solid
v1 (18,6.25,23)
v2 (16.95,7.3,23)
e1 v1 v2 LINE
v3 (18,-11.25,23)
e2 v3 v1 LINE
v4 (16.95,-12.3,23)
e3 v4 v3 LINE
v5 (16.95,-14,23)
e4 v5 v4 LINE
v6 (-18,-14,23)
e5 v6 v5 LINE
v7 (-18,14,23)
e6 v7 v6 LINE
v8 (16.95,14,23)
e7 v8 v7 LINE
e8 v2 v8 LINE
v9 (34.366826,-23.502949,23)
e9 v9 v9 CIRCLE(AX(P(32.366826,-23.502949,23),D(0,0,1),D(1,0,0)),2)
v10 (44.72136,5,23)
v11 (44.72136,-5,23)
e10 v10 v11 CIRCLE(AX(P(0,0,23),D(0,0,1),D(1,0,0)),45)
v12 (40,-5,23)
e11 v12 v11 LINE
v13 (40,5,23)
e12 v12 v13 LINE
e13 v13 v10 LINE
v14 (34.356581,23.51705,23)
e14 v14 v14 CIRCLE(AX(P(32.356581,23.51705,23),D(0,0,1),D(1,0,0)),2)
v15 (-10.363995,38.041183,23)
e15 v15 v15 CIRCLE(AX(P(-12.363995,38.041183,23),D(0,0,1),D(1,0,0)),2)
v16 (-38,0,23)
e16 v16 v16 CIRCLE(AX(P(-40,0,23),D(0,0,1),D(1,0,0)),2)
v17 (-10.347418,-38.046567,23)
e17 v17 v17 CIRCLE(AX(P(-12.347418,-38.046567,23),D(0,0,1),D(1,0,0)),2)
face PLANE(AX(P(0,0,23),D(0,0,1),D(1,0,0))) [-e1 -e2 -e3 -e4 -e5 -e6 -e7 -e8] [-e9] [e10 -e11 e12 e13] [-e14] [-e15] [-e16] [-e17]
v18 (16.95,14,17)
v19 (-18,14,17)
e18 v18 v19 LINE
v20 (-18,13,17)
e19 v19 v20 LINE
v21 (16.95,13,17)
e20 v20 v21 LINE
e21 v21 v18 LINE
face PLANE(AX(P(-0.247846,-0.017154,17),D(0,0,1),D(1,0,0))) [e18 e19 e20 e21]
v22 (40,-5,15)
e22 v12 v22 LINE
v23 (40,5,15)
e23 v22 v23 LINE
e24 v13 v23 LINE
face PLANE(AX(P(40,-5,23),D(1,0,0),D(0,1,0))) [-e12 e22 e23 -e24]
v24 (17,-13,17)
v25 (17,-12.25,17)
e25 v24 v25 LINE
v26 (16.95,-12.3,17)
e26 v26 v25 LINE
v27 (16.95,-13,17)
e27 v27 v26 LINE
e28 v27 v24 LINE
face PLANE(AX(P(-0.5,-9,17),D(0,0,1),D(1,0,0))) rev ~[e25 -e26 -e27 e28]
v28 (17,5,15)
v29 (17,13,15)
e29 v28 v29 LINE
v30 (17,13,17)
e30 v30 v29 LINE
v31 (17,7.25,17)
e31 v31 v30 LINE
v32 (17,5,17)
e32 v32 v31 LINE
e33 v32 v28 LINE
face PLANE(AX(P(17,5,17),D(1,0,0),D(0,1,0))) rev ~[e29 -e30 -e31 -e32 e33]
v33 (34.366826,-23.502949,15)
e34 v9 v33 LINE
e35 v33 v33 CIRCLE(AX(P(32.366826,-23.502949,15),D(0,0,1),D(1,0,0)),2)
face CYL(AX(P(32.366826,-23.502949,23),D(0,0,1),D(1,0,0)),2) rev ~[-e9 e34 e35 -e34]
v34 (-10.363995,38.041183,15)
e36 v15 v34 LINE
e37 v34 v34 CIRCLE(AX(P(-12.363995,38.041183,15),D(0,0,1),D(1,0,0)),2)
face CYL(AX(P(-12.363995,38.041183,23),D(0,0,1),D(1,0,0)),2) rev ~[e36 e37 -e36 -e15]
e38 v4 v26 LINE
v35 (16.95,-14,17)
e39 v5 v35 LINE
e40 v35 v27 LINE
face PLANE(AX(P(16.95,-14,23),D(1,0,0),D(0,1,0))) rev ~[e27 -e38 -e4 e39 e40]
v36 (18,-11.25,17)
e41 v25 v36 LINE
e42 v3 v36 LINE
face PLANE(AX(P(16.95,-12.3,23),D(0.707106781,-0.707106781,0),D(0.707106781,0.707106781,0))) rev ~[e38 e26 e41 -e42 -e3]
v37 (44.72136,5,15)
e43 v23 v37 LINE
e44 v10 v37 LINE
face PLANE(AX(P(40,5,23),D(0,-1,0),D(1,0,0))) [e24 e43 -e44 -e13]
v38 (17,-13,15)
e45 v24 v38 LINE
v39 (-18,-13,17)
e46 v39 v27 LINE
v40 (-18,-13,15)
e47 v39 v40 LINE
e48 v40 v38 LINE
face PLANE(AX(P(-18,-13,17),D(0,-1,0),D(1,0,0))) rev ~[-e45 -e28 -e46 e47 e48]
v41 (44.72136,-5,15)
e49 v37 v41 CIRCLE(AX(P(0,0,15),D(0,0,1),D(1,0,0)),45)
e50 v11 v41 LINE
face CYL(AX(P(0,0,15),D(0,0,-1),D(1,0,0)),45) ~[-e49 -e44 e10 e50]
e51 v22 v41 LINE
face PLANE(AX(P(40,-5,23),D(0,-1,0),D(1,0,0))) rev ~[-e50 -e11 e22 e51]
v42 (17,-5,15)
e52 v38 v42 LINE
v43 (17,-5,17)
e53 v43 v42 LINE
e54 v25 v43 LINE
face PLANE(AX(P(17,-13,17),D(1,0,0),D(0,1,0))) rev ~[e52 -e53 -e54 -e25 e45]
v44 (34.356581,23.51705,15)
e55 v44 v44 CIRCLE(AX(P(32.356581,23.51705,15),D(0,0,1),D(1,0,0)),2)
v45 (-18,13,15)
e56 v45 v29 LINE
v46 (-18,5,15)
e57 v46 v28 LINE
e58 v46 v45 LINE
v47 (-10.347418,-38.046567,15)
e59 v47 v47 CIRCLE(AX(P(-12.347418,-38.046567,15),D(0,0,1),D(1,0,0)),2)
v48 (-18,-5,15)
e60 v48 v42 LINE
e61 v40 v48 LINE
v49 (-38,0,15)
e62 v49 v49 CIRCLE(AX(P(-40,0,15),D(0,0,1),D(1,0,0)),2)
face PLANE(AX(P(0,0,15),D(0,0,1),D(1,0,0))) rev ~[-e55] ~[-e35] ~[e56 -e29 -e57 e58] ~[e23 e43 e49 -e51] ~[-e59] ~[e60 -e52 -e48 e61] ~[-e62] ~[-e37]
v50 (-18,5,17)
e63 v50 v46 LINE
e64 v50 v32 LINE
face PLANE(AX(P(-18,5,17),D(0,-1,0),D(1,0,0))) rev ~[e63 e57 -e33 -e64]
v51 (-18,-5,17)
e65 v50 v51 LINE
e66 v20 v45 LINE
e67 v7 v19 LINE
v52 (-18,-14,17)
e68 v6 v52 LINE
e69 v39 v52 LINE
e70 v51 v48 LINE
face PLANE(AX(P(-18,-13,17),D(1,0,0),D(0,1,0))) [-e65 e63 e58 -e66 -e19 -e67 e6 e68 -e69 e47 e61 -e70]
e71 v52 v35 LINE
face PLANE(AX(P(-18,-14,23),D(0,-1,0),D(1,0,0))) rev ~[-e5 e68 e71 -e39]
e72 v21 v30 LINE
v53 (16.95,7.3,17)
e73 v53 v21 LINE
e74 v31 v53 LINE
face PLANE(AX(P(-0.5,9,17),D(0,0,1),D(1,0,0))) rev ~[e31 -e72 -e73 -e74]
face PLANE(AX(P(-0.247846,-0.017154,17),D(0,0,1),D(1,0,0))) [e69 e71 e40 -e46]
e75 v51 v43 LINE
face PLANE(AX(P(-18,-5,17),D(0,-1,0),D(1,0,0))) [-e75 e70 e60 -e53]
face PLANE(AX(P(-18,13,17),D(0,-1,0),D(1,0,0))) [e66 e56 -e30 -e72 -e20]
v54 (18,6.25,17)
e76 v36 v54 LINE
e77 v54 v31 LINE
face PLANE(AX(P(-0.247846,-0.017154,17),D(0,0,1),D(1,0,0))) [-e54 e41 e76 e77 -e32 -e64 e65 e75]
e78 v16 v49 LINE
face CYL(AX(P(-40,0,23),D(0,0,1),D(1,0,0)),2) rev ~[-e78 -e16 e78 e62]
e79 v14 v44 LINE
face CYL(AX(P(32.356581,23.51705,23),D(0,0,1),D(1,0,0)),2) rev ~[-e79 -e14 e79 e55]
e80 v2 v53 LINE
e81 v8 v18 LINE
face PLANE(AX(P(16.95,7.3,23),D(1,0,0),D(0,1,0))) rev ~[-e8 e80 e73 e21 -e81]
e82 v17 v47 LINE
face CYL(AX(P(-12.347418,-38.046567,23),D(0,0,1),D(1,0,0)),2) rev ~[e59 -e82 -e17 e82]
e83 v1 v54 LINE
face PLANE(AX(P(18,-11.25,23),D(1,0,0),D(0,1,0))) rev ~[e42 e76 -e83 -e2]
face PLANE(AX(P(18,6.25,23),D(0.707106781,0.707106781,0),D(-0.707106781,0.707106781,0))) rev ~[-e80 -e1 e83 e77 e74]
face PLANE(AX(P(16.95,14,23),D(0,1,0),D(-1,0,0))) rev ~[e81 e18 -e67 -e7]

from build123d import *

# Parameters (mm, degrees)
SKETCH_R        = 45
PAD_DEPTH       = 8
POCKET_DEPTH    = 6
SKETCH013_R     = 2
POCKET006_DEPTH = 10
SKETCH016_W     = 35
SKETCH016_H     = 8
POCKET009_DEPTH = 5
SKETCH017_W     = 5
SKETCH017_H     = 10
POCKET010_DEPTH = 10


with BuildPart() as part:
    # Sketch → Pad (new body)
    with BuildSketch(Plane.XY):
        Circle(SKETCH_R)
    extrude(amount=PAD_DEPTH)

    # Sketch002 (on Face3 of Pad) → Pocket (cut)
    with BuildSketch(Plane.XY.offset(8)):
        Polygon((-18, 14), (-18, -14), (16.95, -14), (16.95, -12.3), (18, -11.25), (18, 6.25), (16.95, 7.3), (16.95, 14), align=None)
    extrude(amount=-POCKET_DEPTH, mode=Mode.SUBTRACT)

    # Sketch013 (on Face3 of Pocket) → Pocket006 (cut)
    with BuildSketch(Plane.XY.offset(8)):
        with Locations((-40, 0)):
            Circle(SKETCH013_R)
        with Locations((-12.363995, 38.041183)):
            Circle(SKETCH013_R)
        with Locations((32.356581, 23.51705)):
            Circle(SKETCH013_R)
        with Locations((32.366826, -23.502949)):
            Circle(SKETCH013_R)
        with Locations((-12.347418, -38.046567)):
            Circle(SKETCH013_R)
    extrude(amount=-POCKET006_DEPTH, mode=Mode.SUBTRACT)

    # Sketch016 (on Face17 of Pocket006) → Pocket009 (cut)
    with BuildSketch(Plane.XY.offset(2)):
        with Locations((-0.5, -9)):
            Rectangle(SKETCH016_W, SKETCH016_H)
        with Locations((-0.5, 9)):
            Rectangle(SKETCH016_W, SKETCH016_H)
    extrude(amount=-POCKET009_DEPTH, mode=Mode.SUBTRACT)

    # Sketch017 (on Face3 of Pocket009) → Pocket010 (cut)
    with BuildSketch(Plane.XY.offset(8)):
        with Locations((42.5, 0)):
            Rectangle(SKETCH017_W, SKETCH017_H)
    extrude(amount=-POCKET010_DEPTH, mode=Mode.SUBTRACT)


with BuildPart() as part_1:
    # Body placement: moved
    add(part.part.moved(Location((0, 0, 15))))


solid = part_1.part
